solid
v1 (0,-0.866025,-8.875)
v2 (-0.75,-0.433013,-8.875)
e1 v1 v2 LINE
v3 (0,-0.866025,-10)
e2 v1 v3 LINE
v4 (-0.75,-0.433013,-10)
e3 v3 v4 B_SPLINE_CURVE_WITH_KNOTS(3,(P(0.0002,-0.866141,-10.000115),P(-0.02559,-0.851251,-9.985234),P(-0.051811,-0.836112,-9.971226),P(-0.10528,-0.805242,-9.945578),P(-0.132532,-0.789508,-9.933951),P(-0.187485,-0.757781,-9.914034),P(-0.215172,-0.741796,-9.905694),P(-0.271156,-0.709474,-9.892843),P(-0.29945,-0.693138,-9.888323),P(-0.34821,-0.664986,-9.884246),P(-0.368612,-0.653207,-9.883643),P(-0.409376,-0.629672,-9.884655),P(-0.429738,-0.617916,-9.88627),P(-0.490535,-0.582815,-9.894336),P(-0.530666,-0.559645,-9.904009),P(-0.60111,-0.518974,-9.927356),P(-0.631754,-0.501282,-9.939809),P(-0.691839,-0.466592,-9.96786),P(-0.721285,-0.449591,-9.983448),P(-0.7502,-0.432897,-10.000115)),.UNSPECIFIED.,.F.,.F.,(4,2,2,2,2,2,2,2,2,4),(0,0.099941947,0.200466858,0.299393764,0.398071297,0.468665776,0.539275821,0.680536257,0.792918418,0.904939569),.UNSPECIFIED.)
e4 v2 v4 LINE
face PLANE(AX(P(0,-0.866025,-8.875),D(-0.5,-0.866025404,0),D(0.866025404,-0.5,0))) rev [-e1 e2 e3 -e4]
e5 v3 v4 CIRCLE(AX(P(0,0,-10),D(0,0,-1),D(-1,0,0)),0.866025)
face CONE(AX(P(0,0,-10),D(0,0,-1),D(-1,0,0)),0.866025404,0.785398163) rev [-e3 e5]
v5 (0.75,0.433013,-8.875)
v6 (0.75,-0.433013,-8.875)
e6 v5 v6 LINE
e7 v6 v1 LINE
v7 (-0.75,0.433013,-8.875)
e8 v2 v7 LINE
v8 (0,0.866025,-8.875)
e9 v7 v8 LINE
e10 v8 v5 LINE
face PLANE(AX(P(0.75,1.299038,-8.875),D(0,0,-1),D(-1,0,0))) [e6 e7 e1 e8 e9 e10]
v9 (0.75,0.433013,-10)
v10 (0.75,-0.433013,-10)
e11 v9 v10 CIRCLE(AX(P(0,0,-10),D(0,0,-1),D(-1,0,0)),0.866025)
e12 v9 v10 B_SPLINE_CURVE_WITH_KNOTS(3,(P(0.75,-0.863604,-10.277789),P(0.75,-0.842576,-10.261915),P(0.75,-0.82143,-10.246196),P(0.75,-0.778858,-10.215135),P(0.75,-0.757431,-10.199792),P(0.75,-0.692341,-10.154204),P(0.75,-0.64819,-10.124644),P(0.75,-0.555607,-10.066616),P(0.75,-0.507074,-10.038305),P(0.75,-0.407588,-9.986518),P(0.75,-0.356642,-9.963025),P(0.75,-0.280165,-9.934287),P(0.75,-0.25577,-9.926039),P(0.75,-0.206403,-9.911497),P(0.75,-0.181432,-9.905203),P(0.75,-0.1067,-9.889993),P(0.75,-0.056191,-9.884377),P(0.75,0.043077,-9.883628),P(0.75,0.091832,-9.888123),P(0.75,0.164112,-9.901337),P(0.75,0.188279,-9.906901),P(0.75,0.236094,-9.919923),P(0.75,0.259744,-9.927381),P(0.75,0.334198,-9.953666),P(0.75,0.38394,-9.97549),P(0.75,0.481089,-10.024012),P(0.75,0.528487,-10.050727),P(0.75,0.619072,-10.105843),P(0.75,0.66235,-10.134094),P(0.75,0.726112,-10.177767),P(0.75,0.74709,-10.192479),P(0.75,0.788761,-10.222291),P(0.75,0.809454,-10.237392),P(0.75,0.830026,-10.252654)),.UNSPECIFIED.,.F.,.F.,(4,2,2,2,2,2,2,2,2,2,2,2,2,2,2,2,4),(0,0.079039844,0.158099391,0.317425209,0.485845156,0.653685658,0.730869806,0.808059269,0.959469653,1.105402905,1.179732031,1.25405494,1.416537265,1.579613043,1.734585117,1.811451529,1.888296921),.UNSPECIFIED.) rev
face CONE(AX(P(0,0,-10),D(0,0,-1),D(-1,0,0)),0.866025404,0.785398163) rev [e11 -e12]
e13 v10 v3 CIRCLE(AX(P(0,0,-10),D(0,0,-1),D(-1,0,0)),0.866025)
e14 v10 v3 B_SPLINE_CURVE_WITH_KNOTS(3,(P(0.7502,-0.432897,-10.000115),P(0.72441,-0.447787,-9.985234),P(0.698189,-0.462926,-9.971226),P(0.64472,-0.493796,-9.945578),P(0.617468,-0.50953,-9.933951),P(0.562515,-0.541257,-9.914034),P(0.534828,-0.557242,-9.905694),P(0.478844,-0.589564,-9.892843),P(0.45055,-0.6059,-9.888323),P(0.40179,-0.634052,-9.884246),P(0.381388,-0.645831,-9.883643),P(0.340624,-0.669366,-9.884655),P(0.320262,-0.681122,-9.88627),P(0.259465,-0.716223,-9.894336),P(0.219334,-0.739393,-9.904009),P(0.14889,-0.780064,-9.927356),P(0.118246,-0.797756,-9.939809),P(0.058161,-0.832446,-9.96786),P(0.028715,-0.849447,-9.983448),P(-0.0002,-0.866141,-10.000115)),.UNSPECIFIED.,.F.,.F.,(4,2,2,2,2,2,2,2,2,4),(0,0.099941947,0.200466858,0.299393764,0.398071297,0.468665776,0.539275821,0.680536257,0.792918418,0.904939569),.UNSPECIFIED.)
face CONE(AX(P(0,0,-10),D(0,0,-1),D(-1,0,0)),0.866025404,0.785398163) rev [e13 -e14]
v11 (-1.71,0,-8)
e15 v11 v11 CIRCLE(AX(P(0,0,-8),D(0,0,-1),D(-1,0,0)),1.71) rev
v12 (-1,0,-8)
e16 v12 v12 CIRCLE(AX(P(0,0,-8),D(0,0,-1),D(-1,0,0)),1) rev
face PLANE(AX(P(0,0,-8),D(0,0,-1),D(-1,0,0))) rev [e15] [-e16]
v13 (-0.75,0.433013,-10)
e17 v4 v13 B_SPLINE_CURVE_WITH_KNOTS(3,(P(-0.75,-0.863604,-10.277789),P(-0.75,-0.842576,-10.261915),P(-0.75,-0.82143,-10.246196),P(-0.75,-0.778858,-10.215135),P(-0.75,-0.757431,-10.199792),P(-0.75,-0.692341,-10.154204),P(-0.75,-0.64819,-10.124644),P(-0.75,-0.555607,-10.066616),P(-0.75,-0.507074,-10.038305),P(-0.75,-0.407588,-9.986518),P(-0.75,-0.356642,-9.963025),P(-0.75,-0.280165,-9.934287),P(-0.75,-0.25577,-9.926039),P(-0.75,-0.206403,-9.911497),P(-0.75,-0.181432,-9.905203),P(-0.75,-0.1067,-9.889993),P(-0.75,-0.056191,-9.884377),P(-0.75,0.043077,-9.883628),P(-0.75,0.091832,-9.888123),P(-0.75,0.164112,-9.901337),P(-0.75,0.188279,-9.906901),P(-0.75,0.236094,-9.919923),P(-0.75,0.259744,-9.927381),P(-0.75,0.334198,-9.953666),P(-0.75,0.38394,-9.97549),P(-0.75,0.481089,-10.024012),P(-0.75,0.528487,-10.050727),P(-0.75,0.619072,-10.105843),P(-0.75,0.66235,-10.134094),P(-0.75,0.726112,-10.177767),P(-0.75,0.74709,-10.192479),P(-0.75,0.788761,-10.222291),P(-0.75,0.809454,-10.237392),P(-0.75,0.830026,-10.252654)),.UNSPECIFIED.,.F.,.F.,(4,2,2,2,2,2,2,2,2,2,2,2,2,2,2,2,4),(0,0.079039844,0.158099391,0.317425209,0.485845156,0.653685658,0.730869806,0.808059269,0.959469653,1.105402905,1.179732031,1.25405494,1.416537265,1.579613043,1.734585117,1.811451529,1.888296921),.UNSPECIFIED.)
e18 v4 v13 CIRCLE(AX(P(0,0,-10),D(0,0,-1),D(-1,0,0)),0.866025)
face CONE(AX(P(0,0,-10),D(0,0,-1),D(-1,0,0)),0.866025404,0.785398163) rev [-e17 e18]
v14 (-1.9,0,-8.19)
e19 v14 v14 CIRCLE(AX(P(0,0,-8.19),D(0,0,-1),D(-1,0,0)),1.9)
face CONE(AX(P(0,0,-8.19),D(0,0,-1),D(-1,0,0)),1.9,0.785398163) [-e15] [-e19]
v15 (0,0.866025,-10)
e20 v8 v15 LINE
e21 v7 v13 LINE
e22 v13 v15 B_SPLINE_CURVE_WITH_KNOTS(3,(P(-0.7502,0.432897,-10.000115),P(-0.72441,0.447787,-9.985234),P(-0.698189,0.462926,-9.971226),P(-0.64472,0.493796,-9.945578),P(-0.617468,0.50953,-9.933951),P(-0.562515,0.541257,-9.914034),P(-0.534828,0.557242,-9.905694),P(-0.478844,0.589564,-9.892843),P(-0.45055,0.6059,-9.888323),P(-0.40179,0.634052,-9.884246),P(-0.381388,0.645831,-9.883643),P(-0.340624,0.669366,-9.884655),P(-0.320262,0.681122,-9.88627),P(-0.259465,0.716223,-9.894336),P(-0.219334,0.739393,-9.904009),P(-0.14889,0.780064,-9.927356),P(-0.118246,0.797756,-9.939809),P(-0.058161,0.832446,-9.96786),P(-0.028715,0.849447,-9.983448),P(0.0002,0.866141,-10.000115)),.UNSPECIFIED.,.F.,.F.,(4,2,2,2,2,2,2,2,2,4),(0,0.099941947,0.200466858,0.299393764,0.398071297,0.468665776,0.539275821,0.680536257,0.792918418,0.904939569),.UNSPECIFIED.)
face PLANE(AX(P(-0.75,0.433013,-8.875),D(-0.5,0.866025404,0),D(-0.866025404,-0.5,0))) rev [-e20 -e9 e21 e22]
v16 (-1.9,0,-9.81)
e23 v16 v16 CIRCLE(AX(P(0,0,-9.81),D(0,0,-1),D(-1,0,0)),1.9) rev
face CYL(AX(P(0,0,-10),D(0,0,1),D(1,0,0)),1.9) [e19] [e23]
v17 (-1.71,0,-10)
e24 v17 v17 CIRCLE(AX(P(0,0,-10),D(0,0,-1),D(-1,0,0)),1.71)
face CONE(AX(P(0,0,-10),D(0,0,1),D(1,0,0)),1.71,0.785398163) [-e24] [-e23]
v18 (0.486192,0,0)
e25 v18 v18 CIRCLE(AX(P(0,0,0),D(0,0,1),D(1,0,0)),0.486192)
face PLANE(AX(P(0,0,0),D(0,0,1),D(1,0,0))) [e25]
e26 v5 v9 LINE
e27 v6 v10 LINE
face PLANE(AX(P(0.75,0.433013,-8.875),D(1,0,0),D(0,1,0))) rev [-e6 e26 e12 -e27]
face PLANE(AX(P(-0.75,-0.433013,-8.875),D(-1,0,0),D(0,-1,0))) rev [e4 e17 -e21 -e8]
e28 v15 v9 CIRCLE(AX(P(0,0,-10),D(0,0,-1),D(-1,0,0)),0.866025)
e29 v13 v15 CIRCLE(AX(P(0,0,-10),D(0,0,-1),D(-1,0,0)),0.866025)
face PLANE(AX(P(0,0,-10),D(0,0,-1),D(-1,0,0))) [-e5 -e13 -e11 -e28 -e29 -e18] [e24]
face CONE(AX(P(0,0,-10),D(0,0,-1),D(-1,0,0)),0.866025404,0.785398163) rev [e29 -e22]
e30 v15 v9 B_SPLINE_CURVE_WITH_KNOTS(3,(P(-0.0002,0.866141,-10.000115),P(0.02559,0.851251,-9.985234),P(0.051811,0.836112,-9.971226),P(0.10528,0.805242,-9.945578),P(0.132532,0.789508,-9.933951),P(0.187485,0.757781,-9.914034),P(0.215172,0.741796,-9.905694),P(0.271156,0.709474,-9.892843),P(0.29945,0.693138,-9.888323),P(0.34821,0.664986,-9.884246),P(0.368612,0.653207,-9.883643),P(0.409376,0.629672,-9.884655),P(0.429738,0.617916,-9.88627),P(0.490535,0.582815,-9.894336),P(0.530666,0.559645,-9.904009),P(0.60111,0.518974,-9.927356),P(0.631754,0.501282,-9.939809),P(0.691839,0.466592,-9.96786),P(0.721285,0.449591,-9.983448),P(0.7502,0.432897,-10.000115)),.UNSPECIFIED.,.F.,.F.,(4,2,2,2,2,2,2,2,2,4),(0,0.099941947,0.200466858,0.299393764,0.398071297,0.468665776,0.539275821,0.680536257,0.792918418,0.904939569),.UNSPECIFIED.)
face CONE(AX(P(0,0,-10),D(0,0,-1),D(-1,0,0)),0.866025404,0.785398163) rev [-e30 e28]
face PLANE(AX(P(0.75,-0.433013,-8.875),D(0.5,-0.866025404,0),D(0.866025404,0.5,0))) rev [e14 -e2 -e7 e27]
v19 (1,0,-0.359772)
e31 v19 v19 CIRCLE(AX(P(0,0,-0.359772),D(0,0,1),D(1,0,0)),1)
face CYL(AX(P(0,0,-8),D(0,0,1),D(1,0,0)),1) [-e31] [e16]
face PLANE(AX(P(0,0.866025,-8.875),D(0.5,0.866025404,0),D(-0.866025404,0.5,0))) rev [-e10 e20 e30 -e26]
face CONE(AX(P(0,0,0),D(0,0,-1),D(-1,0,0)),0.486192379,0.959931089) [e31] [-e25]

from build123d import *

# Parameters (mm, degrees)
SKETCH1_R          = 1
EXTRUDE1_DEPTH     = 8
SKETCH6_R          = 1.9
EXTRUDE2_DEPTH     = 2
CUT_EXTRUDE1_DEPTH = 1.125
CHAMFER1_SIZE      = 0.19


with BuildPart() as part:
    # Sketch1 → Extrude1 (new body)
    with BuildSketch(Plane.XY):
        Circle(SKETCH1_R)
    extrude(amount=-EXTRUDE1_DEPTH)

    # Sketch4 → Cut-Revolve1 (revolve, cut)
    with BuildSketch(Plane(origin=(0, 0, 0), x_dir=(0, 0, -1), z_dir=(1, 0, 0))):
        Polygon((0.35977197, 1), (0, 0.486192379), (0, 1), align=None)
    revolve(axis=Axis((0, 0, 0), (0, 0, -1)), mode=Mode.SUBTRACT)

    # Sketch6 → Extrude2 (add)
    with BuildSketch(Plane(origin=(0, 0, -8), x_dir=(-1, 0, 0), z_dir=(0, 0, -1))):
        Circle(SKETCH6_R)
    extrude(amount=EXTRUDE2_DEPTH)

    # Sketch7 → Cut-Extrude1 (cut)
    with BuildSketch(Plane(origin=(0, 0, -10), x_dir=(-1, 0, 0), z_dir=(0, 0, -1))):
        Polygon((0, 0.866025404), (-0.75, 0.433012702), (-0.75, -0.433012702), (0, -0.866025404), (0.75, -0.433012702), (0.75, 0.433012702), align=None)
    extrude(amount=-CUT_EXTRUDE1_DEPTH, mode=Mode.SUBTRACT)

    # Cut-Extrude2 cone 1 section (through the dimple's axis) → Cut-Extrude2 (revolve, cut)
    with BuildSketch(Plane(origin=(0, 0, -10), x_dir=(0, 1, 0), z_dir=(1, 0, 0))):
        Polygon((0, 0), (0.866025404, 0), (0, 0.866025404), align=None)
    revolve(axis=Axis((0, 0, -10), (0, 0, 1)), mode=Mode.SUBTRACT)

    # Chamfer1
    chamfer1_edges = [part.edges().sort_by_distance(p)[0] for p in [
        (1.9, 0, -10),
        (1.9, 0, -8),
    ]]
    chamfer(chamfer1_edges, length=CHAMFER1_SIZE)


solid = part.part
